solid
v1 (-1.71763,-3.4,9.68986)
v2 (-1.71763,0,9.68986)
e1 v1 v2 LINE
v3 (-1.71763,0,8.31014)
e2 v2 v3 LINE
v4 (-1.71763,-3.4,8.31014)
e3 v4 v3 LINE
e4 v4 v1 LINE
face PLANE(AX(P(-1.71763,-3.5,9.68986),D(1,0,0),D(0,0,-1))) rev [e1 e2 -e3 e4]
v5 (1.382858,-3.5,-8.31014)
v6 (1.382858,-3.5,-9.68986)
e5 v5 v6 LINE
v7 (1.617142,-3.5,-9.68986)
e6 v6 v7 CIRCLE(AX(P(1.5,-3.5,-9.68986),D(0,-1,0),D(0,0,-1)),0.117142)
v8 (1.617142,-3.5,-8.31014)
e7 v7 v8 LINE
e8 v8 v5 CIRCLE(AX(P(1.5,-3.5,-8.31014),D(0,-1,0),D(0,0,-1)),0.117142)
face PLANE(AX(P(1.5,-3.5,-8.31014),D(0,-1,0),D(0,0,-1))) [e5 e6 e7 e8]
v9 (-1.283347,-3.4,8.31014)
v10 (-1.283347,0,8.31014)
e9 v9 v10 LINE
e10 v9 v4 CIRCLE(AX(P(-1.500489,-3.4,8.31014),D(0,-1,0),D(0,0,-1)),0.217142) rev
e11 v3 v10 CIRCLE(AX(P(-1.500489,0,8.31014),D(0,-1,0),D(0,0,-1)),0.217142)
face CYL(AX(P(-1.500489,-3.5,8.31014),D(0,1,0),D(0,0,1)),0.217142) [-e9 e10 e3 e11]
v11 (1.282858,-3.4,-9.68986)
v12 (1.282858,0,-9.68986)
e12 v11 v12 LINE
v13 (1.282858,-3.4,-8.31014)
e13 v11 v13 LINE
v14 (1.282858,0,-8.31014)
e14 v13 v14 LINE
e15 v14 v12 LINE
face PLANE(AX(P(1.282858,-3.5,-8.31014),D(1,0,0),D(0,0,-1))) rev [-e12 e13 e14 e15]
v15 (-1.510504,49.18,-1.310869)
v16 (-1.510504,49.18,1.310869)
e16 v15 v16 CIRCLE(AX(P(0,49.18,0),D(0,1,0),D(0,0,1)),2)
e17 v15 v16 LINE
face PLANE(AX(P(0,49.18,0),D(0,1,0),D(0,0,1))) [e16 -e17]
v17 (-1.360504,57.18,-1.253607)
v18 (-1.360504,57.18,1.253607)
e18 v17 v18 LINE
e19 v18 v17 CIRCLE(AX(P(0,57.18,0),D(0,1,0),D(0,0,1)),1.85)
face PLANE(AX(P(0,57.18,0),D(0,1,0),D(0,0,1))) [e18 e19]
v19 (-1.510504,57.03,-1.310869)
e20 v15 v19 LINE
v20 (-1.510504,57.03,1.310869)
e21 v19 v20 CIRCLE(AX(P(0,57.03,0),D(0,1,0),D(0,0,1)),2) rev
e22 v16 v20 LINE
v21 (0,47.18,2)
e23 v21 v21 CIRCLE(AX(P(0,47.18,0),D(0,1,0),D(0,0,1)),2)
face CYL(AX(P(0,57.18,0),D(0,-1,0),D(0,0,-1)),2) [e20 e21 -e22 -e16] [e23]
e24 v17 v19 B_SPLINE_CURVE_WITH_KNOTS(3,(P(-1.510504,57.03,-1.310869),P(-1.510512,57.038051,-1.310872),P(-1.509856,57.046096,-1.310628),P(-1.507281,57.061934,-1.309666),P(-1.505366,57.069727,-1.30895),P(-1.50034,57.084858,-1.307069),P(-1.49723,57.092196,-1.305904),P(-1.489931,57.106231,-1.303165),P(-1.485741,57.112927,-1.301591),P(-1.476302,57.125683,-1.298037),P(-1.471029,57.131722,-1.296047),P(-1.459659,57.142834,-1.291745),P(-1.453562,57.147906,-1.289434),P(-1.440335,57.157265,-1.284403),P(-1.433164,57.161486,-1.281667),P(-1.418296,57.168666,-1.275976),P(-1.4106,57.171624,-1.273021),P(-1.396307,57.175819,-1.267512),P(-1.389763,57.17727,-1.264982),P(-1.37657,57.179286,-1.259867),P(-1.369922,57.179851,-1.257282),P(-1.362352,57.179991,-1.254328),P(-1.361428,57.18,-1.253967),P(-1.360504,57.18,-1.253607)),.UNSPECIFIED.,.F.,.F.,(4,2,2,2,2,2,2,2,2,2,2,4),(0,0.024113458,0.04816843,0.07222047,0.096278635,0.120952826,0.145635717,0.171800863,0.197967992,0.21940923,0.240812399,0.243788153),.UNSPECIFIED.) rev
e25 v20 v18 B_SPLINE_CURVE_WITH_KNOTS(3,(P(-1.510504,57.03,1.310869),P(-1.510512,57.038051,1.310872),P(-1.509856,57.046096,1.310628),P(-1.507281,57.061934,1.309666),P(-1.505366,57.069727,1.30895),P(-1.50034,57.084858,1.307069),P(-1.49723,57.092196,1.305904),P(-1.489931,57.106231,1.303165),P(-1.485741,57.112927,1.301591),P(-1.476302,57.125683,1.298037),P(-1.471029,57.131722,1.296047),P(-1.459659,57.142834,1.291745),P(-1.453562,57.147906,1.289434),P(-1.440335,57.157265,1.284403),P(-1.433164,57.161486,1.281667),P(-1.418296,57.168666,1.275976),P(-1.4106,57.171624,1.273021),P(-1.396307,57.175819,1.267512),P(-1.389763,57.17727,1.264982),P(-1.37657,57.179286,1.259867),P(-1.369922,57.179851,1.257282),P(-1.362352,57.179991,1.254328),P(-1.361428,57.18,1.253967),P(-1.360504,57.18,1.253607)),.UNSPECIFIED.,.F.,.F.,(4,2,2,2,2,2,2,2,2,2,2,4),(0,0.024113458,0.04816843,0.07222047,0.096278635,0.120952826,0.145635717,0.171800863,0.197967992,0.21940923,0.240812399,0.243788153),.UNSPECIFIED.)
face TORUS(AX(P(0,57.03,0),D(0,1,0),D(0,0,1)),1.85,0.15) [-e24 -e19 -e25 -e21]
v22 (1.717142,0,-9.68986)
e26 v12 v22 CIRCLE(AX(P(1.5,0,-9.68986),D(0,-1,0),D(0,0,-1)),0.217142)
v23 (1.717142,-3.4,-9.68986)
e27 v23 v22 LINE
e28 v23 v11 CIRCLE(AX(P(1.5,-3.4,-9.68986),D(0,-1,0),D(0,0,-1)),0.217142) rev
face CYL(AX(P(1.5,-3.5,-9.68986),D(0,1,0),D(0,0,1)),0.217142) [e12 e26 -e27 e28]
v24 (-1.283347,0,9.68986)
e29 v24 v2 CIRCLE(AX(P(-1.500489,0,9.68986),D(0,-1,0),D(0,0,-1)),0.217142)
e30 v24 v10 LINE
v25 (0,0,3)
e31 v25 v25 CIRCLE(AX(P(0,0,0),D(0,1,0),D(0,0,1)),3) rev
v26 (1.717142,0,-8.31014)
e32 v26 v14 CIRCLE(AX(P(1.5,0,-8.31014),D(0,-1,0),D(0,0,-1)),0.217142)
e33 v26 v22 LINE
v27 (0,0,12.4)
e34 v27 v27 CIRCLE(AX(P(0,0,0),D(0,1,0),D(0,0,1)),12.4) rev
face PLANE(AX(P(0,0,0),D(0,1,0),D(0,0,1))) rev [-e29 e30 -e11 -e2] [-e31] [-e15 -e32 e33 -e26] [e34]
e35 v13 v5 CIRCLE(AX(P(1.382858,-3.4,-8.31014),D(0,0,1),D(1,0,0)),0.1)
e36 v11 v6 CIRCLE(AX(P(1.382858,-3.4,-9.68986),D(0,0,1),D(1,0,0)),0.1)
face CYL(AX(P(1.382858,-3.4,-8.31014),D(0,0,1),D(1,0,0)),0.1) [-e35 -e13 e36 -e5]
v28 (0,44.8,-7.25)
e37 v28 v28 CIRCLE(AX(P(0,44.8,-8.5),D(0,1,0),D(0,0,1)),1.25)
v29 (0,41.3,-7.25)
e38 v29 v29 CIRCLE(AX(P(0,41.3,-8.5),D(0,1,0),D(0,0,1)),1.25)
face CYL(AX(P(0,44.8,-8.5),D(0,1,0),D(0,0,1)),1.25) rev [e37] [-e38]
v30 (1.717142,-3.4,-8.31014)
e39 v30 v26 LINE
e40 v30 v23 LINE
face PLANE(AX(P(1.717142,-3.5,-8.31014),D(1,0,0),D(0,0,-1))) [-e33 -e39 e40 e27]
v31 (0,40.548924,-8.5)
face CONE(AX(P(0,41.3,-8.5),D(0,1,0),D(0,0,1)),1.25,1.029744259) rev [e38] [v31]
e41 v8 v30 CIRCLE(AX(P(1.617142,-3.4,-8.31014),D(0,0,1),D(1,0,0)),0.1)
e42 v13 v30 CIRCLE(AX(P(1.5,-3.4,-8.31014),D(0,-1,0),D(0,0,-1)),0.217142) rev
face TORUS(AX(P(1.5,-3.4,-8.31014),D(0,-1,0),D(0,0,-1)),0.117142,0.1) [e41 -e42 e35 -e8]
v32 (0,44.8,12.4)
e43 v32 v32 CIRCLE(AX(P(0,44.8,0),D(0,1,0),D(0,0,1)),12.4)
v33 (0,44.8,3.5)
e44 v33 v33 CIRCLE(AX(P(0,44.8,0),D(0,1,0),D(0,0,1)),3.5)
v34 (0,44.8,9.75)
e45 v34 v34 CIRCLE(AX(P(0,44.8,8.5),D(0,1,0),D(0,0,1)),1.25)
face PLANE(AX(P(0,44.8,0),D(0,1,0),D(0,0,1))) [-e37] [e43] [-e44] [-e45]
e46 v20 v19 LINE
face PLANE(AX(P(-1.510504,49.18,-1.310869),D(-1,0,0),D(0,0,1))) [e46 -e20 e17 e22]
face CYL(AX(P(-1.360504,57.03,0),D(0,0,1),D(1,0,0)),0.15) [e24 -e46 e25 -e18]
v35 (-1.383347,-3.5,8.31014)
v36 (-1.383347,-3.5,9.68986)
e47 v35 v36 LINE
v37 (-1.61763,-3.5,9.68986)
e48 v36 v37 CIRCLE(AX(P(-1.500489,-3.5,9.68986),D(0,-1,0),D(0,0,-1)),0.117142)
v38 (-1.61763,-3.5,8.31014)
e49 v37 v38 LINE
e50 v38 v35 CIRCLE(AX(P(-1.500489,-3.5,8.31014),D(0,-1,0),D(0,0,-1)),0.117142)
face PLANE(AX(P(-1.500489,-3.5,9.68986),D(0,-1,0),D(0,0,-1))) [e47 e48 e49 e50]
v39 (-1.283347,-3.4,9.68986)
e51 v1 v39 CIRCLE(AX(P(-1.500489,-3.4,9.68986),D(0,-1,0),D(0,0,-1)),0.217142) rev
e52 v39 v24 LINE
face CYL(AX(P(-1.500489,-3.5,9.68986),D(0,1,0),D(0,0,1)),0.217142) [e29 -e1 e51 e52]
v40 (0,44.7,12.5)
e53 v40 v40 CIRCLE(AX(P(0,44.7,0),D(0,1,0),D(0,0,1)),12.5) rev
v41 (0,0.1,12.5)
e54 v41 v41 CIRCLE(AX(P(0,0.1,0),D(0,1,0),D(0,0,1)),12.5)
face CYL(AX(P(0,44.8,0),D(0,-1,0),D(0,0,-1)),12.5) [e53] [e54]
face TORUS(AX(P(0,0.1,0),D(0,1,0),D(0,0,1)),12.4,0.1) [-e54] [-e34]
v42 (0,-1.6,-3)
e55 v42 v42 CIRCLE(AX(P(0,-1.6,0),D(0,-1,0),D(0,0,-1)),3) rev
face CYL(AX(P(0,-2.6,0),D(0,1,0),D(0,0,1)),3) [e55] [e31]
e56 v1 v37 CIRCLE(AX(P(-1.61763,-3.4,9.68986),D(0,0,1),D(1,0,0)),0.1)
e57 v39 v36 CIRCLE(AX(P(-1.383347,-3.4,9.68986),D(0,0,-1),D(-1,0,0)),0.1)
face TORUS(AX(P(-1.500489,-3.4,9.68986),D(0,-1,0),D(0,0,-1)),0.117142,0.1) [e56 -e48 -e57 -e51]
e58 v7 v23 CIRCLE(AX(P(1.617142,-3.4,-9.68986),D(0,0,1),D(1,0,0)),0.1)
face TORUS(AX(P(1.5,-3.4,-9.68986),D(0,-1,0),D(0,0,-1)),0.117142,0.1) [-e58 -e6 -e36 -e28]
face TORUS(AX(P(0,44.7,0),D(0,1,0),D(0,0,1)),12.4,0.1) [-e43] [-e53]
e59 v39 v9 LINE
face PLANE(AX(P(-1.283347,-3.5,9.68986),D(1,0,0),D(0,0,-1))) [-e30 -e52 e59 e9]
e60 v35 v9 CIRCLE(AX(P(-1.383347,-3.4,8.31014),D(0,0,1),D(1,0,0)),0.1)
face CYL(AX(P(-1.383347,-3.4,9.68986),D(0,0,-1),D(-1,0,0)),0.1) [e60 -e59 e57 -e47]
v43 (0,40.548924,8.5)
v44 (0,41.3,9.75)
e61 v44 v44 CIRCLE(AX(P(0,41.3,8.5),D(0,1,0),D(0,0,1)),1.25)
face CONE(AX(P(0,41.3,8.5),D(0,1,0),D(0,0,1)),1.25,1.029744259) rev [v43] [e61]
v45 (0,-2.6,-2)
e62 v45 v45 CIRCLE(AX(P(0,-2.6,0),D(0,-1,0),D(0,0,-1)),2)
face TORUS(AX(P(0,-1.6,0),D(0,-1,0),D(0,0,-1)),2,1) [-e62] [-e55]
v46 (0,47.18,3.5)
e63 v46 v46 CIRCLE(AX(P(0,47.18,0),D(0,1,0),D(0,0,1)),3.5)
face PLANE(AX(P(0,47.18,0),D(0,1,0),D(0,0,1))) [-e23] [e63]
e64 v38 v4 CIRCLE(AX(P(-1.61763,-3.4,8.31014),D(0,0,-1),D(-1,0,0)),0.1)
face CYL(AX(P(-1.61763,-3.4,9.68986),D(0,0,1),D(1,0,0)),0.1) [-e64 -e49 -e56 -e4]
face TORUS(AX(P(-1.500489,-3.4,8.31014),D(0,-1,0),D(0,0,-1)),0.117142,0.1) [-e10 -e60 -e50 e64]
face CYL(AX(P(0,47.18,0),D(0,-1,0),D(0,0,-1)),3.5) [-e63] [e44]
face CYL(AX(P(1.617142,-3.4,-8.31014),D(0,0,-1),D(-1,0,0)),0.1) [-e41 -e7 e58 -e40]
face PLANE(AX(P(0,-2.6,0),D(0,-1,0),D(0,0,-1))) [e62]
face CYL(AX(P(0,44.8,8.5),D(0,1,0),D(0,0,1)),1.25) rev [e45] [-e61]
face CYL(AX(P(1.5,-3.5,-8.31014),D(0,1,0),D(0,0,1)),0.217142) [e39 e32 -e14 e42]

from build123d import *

# Parameters (mm, degrees)
ESBO_O2_R                 = 12.5
RESSALTO_EXTRUS_O2_DEPTH  = 44.8
RESSALTO_EXTRUS_O7_DEPTH  = 3.5
FILETE9_R                 = 0.1
ESBO_O7_5_R               = 3
RESSALTO_EXTRUS_O8_DEPTH  = 2.6
FILETE10_R                = 1
FURO_ROSCADO_DE_M31_D     = 2.5
FURO_ROSCADO_DE_M31_DEPTH = 3.5
FURO_ROSCADO_DE_M31_TIP   = 0.751075774
ESBO_O11_2_R              = 3.5
ESBO_O11_2_R_2            = 2
RESSALTO_EXTRUS_O9_DEPTH  = 2.38
ESBO_O11_4_R              = 2
RESSALTO_EXTRUS_O10_DEPTH = 12.38
CORTE_EXTRUS_O1_START     = -8
CORTE_EXTRUS_O1_DEPTH     = 8
FILETE11_R                = 0.15


with BuildPart() as part:
    # Esboço2 → Ressalto-extrusão2 (new body)
    with BuildSketch(Plane(origin=(0, 0, 0), x_dir=(1, 0, 0), z_dir=(0, 1, 0))):
        with Locations(Location((0, 0, 0), (0, 0, 270))):
            Circle(ESBO_O2_R)
    extrude(amount=RESSALTO_EXTRUS_O2_DEPTH)

    # Esboço7 → Ressalto-extrusão7 (add)
    with BuildSketch(Plane.XZ):
        with BuildLine():
            Line((-1.283346754, 9.689860485), (-1.283346754, 8.310139515))
            ThreePointArc((-1.283346754, 8.310139515), (-1.500488621, 8.092997649), (-1.717630487, 8.310139515))
            Line((-1.717630487, 8.310139515), (-1.717630487, 9.689860485))
            ThreePointArc((-1.717630487, 9.689860485), (-1.500488621, 9.907002351), (-1.283346754, 9.689860485))
        make_face()
        with BuildLine():
            Line((1.717141867, -8.310139515), (1.717141867, -9.689860485))
            ThreePointArc((1.717141867, -9.689860485), (1.5, -9.907002351), (1.282858133, -9.689860485))
            Line((1.282858133, -9.689860485), (1.282858133, -8.310139515))
            ThreePointArc((1.282858133, -8.310139515), (1.5, -8.092997649), (1.717141867, -8.310139515))
        make_face()
    extrude(amount=RESSALTO_EXTRUS_O7_DEPTH)

    # Filete9
    filete9_edges = [part.edges().sort_by_distance(p)[0] for p in [
        (1.717141867, -3.5, -9),
        (1.5, -3.5, -8.092997649),
        (1.282858133, -3.5, -9),
        (1.5, -3.5, -9.907002351),
        (-1.283346754, -3.5, 9),
        (-1.500488621, -3.5, 9.907002351),
        (-1.717630487, -3.5, 9),
        (-1.500488621, -3.5, 8.092997649),
        (0, 0, -12.5),
        (0, 44.8, -12.5),
    ]]
    fillet(filete9_edges, radius=FILETE9_R)

    # Esboço7<5> → Ressalto-extrusão8 (add)
    with BuildSketch(Plane.XZ):
        with Locations(Location((0, 0, 0), (0, 0, 90))):
            Circle(ESBO_O7_5_R)
    extrude(amount=RESSALTO_EXTRUS_O8_DEPTH)

    # Filete10
    filete10_edges = [part.edges().sort_by_distance(p)[0] for p in [
        (0, -2.6, -3),
    ]]
    fillet(filete10_edges, radius=FILETE10_R)

    # Furo roscado de M31
    with Locations(Plane(origin=(0, 44.8, 0), x_dir=(1, 0, 0), z_dir=(0, 1, 0))):
        with Locations((0, -8.5), (0, 8.5)):
            Hole(FURO_ROSCADO_DE_M31_D / 2, depth=FURO_ROSCADO_DE_M31_DEPTH)
            with Locations((0, 0, -(FURO_ROSCADO_DE_M31_DEPTH + FURO_ROSCADO_DE_M31_TIP / 2))):  # 118° drill point
                Cone(0, FURO_ROSCADO_DE_M31_D / 2, FURO_ROSCADO_DE_M31_TIP, mode=Mode.SUBTRACT)

    # Esboço11<2> → Ressalto-extrusão9 (add)
    with BuildSketch(Plane(origin=(0, 44.8, 0), x_dir=(1, 0, 0), z_dir=(0, 1, 0))):
        with Locations(Location((0, 0, 0), (0, 0, 270))):
            Circle(ESBO_O11_2_R)
        with Locations(Location((0, 0, 0), (0, 0, 270))):
            Circle(ESBO_O11_2_R_2, mode=Mode.SUBTRACT)
    extrude(amount=RESSALTO_EXTRUS_O9_DEPTH)

    # Esboço11<4> → Ressalto-extrusão10 (add)
    with BuildSketch(Plane(origin=(0, 44.8, 0), x_dir=(1, 0, 0), z_dir=(0, 1, 0))):
        with Locations(Location((0, 0, 0), (0, 0, 270))):
            Circle(ESBO_O11_4_R)
    extrude(amount=RESSALTO_EXTRUS_O10_DEPTH)

    # Esboço13 → Corte-extrusão1 (cut)
    with BuildSketch(Plane(origin=(0, 57.18, 0), x_dir=(1, 0, 0), z_dir=(0, 1, 0)).offset(CORTE_EXTRUS_O1_START)):
        with BuildLine():
            Line((-1.510503721, 1.310869372), (-1.510503721, -1.310869372))
            ThreePointArc((-1.510503721, -1.310869372), (-2, 0), (-1.510503721, 1.310869372))
        make_face()
    extrude(amount=CORTE_EXTRUS_O1_DEPTH, mode=Mode.SUBTRACT)

    # Filete11
    filete11_edges = [part.edges().sort_by_distance(p)[0] for p in [
        (1.819579449, 57.18, -0.830138921),
        (-1.510503721, 57.18, 0),
    ]]
    fillet(filete11_edges, radius=FILETE11_R)


solid = part.part
